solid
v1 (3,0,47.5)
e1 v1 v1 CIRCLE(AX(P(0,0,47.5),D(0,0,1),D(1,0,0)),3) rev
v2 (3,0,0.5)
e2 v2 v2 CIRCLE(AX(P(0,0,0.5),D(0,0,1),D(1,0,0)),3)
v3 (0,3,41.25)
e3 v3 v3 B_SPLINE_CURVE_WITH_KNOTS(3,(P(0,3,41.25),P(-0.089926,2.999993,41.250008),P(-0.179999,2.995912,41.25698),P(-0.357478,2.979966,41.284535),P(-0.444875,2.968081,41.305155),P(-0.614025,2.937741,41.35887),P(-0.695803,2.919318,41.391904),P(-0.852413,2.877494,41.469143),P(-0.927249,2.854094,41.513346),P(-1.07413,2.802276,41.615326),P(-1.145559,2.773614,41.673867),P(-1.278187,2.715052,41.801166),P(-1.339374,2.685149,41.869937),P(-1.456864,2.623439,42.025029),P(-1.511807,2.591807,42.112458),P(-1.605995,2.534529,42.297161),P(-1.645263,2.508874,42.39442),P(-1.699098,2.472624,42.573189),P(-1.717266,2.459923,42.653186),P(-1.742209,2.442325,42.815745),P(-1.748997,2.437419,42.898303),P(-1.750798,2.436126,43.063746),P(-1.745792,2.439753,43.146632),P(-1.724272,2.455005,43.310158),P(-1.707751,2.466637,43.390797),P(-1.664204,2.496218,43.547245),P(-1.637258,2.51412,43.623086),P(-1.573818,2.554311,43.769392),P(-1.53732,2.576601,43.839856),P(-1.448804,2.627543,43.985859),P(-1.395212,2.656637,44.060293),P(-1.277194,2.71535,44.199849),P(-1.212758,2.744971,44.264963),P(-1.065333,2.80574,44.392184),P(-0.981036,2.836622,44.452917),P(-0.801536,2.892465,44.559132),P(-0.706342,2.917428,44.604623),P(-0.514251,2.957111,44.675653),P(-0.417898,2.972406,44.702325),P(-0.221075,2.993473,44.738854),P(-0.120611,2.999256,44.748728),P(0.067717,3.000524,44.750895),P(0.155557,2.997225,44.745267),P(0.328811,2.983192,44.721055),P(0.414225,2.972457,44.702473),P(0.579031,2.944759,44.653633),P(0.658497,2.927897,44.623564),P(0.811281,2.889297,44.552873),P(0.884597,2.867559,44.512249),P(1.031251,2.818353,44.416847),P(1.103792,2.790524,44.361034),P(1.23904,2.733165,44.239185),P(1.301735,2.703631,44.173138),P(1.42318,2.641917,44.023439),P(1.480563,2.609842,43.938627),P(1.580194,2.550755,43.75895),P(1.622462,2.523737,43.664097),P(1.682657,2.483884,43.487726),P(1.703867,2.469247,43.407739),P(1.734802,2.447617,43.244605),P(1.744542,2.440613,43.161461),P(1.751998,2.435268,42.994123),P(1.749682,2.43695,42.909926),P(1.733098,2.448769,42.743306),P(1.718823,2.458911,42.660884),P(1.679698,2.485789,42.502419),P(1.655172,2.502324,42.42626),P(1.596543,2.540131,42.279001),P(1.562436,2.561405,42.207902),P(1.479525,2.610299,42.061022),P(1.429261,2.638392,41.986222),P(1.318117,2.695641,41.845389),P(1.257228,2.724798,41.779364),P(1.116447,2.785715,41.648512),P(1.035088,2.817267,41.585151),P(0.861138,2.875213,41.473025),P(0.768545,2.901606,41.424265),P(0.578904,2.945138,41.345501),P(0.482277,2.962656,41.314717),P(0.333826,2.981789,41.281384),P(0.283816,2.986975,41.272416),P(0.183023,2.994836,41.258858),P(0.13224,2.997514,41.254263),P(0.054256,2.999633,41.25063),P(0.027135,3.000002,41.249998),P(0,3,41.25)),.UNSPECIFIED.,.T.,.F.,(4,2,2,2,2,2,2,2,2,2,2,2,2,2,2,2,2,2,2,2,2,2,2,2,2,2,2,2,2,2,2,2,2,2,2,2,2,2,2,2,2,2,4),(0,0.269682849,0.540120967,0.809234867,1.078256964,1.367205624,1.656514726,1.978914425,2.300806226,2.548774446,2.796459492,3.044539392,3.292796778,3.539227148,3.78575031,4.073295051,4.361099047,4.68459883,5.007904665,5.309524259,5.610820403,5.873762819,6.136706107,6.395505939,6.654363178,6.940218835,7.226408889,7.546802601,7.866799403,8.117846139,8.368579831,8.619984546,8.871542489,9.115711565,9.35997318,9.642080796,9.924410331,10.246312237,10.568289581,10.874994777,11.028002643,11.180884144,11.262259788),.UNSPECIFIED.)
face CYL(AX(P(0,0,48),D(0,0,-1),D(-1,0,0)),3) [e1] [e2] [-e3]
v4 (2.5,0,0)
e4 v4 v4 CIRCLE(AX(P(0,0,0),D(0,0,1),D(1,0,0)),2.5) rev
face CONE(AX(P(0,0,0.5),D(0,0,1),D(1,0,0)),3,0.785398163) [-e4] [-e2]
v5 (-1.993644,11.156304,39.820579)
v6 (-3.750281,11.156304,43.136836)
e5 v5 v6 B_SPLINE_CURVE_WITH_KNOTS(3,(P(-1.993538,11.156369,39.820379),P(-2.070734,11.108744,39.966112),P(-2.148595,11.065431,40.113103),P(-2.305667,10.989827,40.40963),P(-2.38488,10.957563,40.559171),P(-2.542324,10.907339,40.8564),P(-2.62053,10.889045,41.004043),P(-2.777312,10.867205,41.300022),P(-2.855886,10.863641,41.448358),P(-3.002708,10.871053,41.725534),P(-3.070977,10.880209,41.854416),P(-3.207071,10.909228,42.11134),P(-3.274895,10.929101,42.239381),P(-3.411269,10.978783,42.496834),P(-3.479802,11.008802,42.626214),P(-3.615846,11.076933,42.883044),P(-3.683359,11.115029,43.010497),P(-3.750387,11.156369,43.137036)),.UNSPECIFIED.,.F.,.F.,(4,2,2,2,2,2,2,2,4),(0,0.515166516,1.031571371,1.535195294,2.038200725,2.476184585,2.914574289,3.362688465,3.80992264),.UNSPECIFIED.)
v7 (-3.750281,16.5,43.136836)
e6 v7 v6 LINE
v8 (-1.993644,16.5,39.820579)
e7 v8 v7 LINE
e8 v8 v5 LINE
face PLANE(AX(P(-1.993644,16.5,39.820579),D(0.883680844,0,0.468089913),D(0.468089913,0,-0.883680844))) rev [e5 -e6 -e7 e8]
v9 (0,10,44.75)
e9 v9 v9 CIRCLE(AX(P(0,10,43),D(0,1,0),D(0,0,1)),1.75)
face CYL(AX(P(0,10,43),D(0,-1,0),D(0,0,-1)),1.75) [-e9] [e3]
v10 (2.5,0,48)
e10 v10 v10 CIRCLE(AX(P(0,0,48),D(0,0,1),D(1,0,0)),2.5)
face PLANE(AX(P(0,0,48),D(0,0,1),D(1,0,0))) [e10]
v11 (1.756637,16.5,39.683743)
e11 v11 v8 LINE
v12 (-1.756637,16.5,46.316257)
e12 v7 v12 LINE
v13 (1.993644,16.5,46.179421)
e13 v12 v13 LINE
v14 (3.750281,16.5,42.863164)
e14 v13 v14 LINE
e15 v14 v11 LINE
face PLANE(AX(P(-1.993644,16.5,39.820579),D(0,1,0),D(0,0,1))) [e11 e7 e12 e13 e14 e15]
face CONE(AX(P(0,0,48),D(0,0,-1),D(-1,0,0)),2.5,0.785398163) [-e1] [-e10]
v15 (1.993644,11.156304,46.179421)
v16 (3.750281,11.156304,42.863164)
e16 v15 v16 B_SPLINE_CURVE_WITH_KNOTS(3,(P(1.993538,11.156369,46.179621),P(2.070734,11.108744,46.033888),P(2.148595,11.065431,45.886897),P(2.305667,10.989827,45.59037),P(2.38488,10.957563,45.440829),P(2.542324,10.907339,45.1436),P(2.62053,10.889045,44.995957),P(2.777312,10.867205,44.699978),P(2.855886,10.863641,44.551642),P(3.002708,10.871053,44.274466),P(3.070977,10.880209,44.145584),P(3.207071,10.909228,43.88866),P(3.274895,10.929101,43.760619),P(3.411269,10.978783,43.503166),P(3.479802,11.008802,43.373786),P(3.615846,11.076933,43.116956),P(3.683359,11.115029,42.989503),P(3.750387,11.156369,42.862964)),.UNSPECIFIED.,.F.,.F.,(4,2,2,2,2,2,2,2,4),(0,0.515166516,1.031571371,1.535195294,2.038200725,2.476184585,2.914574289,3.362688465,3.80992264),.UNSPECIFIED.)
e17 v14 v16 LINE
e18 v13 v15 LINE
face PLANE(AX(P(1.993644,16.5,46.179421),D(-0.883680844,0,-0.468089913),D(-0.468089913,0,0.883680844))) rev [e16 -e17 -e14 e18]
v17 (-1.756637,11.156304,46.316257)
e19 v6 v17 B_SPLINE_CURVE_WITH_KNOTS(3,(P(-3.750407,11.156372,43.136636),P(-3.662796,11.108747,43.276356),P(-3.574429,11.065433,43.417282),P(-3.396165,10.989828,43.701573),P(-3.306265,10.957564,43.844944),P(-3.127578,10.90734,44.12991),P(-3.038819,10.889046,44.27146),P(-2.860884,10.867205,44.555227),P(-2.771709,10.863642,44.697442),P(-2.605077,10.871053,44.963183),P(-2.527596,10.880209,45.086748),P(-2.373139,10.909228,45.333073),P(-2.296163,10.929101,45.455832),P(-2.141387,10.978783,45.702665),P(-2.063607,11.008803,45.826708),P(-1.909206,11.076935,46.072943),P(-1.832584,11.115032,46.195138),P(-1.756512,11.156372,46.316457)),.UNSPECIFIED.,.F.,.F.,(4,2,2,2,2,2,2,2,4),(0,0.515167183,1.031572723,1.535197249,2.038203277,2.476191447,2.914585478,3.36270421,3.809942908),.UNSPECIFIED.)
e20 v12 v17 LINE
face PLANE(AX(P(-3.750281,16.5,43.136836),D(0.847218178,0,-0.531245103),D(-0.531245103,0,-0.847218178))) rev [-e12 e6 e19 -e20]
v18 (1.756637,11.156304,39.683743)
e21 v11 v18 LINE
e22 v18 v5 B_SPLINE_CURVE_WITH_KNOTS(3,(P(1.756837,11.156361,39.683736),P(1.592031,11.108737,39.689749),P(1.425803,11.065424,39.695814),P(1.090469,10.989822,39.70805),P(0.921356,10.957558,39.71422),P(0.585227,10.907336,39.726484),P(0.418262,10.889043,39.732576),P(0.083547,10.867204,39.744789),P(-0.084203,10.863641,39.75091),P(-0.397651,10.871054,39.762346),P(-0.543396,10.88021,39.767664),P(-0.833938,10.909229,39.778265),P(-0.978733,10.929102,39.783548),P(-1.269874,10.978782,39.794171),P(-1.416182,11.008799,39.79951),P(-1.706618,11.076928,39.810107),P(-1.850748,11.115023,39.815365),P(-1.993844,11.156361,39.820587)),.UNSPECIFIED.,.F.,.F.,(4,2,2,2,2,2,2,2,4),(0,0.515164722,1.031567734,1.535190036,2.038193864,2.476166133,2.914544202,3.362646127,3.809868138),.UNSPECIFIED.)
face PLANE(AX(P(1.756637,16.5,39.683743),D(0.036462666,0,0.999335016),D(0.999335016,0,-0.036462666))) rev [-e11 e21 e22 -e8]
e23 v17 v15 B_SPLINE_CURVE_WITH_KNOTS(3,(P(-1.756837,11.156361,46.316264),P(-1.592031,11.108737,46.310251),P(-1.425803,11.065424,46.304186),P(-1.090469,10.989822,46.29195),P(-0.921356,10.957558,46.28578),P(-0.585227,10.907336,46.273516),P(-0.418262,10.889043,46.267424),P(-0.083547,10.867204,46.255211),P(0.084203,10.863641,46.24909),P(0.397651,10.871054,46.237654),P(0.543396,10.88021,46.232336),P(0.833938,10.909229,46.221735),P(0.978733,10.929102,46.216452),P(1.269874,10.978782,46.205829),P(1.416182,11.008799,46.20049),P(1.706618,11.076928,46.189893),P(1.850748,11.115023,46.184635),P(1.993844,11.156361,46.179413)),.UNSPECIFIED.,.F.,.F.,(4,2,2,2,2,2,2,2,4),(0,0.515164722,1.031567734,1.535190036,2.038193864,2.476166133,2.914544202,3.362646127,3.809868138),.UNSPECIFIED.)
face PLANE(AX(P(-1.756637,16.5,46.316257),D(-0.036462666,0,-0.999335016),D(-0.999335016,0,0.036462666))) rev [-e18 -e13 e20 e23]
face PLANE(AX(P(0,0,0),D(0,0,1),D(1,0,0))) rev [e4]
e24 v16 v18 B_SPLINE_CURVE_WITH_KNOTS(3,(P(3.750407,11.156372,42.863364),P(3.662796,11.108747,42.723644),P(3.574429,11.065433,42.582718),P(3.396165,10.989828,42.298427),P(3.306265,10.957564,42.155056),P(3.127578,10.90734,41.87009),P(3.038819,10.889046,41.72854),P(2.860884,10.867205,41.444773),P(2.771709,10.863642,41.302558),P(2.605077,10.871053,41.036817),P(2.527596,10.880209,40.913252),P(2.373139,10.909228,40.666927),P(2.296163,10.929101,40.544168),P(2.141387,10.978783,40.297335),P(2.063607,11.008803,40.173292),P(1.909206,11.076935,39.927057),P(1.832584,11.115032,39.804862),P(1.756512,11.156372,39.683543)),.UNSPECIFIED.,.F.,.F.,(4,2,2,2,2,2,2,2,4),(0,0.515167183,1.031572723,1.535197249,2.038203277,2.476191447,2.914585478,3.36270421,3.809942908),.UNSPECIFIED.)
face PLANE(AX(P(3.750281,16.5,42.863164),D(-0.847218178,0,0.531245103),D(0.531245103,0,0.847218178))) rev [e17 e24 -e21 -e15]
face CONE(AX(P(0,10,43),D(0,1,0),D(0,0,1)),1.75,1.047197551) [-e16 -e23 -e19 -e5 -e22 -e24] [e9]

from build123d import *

# Parameters (mm, degrees)
SKETCH_1_R      = 3
EXTRUDE_1_DEPTH = 48
SKETCH_2_R      = 1.75
EXTRUDE_2_DEPTH = 10
EXTRUDE_3_DEPTH = 6.5
CHAMFER_1_SIZE  = 0.5


with BuildPart() as part:
    # 草图1 → 凸台-拉伸1 (new body)
    with BuildSketch(Plane.XY):
        Circle(SKETCH_1_R)
    extrude(amount=EXTRUDE_1_DEPTH)

    # 草图2 → 凸台-拉伸2 (add)
    with BuildSketch(Plane(origin=(0, 0, 0), x_dir=(1, 0, 0), z_dir=(0, 1, 0))):
        with Locations(Location((0, -43, 0), (0, 0, 90))):
            Circle(SKETCH_2_R)
    extrude(amount=EXTRUDE_2_DEPTH)

    # 草图3 → 凸台-拉伸3 (add)
    with BuildSketch(Plane(origin=(0, 10, 0), x_dir=(1, 0, 0), z_dir=(0, 1, 0))):
        Polygon((-1.993644271, -39.820579321), (-3.750281213, -43.136836245), (-1.756636942, -46.316256924), (1.993644271, -46.179420679), (3.750281213, -42.863163755), (1.756636942, -39.683743076), align=None)
    extrude(amount=EXTRUDE_3_DEPTH)

    # 草图4 → 切除-旋转1 (revolve, cut)
    with BuildSketch(Plane(origin=(0, 0, 0), x_dir=(0, 0, -1), z_dir=(1, 0, 0))):
        Polygon((-44.75, 10), (-47.118639965, 11.367534921), (-47.118639965, 10), align=None)
    revolve(axis=Axis((0, 10, 43), (0, -1, 0)), mode=Mode.SUBTRACT)

    # 倒角1
    chamfer_1_edges = [part.edges().sort_by_distance(p)[0] for p in [
        (-3, 0, 0),
        (-3, 0, 48),
    ]]
    chamfer(chamfer_1_edges, length=CHAMFER_1_SIZE)


solid = part.part
